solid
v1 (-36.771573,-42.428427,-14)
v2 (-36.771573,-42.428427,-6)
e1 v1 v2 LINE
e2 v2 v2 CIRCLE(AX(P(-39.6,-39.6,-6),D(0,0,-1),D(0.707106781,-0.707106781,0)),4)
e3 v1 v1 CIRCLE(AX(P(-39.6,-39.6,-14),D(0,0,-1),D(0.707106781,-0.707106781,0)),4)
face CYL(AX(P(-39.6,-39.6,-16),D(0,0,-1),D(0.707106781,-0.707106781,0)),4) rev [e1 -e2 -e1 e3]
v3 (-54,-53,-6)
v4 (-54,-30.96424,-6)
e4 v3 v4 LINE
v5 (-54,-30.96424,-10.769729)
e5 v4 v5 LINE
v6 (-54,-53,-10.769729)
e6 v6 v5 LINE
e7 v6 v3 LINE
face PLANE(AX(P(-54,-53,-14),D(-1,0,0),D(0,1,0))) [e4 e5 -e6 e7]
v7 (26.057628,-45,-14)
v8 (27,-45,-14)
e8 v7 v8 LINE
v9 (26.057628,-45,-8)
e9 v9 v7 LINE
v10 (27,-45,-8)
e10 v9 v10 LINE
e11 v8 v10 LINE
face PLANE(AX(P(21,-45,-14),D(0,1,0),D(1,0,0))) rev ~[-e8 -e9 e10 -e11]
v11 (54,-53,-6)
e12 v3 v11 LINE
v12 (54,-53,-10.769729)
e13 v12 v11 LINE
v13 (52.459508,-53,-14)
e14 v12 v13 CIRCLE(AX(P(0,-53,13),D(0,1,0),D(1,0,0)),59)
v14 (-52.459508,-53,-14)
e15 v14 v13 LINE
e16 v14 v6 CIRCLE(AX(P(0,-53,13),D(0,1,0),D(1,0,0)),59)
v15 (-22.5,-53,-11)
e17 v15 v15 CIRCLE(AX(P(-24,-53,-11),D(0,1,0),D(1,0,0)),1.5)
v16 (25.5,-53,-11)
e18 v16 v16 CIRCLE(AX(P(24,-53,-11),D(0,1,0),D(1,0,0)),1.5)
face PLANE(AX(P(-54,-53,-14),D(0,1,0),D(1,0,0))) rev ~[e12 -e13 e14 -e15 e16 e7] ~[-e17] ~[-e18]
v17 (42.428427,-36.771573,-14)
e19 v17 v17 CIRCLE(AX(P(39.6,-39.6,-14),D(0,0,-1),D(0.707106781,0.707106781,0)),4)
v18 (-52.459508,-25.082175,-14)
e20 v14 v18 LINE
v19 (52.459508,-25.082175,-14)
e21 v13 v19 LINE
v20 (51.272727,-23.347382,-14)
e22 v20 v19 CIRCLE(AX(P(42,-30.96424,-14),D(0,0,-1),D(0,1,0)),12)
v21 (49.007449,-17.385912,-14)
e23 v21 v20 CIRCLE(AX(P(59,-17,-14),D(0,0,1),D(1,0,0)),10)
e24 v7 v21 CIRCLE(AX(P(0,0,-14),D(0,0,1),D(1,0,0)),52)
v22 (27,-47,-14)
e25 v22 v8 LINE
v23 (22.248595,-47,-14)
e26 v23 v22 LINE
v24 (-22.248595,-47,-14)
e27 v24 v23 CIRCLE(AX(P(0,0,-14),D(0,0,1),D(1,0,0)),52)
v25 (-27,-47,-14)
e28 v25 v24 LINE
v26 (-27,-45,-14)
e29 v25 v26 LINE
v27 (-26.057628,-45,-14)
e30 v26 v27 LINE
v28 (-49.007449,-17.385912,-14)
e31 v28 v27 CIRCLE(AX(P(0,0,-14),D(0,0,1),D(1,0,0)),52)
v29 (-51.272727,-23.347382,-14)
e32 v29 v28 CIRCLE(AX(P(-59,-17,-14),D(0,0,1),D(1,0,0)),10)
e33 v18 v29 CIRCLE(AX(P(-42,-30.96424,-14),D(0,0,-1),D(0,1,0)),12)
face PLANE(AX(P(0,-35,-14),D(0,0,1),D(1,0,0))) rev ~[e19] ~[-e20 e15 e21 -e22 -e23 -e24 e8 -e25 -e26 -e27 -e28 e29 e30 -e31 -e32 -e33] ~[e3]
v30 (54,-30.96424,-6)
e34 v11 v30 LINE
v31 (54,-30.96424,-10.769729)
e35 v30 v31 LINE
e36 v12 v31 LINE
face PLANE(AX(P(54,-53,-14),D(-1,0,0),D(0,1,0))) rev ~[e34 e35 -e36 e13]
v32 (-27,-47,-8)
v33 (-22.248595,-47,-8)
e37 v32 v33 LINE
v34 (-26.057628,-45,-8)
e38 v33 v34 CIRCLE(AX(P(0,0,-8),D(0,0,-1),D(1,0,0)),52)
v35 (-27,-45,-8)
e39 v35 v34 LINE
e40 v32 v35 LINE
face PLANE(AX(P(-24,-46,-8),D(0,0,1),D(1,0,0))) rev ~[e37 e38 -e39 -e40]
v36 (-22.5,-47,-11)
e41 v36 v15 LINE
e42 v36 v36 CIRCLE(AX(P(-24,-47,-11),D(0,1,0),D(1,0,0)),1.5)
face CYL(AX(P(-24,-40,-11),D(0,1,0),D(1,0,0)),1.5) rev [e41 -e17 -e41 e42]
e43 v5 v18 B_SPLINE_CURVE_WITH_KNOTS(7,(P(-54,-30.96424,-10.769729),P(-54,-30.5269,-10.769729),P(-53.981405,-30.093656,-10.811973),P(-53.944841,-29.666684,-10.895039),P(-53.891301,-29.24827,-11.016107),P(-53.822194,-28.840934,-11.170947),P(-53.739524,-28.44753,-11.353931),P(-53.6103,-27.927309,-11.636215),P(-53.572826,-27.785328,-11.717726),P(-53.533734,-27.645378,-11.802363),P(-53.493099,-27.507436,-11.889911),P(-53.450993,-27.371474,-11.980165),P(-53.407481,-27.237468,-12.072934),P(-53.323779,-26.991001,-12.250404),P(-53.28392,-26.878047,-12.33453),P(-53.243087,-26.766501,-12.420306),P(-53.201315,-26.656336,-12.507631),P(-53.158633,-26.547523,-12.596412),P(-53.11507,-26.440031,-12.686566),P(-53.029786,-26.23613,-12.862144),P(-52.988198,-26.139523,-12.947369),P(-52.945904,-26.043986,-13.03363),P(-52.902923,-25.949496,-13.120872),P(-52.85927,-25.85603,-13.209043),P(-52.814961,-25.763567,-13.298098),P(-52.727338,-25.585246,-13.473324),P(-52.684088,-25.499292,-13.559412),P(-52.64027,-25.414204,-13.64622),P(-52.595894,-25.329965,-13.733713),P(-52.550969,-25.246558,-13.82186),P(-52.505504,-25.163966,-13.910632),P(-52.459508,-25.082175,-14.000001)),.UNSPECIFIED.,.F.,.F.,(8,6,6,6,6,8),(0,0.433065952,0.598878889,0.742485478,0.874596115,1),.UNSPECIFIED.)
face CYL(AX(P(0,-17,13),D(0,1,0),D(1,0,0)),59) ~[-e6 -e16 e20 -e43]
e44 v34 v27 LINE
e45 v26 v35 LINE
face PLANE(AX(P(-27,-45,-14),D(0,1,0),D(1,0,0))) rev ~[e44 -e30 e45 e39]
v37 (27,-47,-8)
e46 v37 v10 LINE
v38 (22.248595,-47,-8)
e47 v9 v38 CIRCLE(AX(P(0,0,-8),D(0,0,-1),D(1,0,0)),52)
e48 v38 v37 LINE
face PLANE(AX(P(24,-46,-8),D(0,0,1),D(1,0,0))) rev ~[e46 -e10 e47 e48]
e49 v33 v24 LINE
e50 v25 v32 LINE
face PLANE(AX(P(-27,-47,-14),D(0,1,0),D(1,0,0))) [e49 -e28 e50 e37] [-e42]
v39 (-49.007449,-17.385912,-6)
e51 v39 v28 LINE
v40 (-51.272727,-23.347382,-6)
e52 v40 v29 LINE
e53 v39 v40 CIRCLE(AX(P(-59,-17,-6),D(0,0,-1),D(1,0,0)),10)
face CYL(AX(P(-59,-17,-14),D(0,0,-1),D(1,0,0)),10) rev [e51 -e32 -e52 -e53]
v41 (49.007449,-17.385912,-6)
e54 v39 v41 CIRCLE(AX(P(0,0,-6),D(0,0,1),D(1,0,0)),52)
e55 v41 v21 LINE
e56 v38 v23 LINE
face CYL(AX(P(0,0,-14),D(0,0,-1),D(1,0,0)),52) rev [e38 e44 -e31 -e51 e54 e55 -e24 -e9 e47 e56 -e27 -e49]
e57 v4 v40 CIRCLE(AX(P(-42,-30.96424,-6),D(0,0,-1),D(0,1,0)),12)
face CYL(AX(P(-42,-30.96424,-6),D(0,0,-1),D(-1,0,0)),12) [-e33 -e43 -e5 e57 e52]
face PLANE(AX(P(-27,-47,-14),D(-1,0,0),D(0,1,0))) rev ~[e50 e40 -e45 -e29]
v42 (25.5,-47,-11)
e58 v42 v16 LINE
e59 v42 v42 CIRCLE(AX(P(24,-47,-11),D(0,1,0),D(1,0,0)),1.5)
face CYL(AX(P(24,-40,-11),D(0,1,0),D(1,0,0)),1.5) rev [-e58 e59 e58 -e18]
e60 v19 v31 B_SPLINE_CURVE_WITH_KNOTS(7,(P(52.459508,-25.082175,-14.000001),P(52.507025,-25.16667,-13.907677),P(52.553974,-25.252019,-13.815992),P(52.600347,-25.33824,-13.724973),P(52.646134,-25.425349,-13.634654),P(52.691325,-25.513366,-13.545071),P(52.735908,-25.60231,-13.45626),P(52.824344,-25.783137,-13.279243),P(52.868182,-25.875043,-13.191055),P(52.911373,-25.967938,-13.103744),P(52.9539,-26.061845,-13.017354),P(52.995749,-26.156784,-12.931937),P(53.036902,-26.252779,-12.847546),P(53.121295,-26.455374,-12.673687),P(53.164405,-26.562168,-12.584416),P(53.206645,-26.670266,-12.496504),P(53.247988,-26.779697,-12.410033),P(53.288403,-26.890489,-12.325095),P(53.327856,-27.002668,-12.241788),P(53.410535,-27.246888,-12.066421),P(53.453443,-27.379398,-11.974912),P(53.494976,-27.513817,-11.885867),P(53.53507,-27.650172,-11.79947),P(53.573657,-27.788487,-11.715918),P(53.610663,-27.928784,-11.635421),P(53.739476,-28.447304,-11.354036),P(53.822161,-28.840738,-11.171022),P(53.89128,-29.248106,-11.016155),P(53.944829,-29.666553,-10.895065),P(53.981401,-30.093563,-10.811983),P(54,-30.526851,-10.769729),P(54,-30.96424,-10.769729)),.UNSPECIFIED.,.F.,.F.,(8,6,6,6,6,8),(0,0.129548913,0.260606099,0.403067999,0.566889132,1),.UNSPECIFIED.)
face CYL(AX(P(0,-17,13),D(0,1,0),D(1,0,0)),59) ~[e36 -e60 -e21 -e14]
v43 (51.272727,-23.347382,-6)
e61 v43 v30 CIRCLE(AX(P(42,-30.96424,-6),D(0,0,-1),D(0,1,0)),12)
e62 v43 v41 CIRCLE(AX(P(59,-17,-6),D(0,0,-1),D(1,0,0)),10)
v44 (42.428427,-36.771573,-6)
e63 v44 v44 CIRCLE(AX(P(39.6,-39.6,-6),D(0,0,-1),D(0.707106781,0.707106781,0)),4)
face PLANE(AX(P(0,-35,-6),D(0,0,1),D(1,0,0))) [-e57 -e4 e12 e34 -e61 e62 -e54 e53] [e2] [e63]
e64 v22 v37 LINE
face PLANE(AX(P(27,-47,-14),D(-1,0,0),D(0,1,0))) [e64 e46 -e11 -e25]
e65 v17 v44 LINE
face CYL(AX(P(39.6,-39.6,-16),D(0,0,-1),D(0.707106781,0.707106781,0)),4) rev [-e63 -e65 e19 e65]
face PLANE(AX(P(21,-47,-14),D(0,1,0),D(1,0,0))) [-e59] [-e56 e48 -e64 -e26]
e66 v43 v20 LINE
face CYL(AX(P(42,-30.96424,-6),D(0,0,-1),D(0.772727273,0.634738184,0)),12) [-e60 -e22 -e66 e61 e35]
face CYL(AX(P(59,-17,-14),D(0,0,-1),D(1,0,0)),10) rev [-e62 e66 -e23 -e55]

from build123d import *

# Parameters (mm, degrees)
CYLINDER1548_R               = 59
CYLINDER1548_DEPTH           = 40
CYLINDER1546_R               = 1.5
CYLINDER1546_DEPTH           = 20
CYLINDER1538_R               = 1.5
CYLINDER1538_DEPTH           = 20
CYLINDER1502_R               = 1.5
CYLINDER1502_DEPTH           = 20
CYLINDER1540_R               = 1.5
CYLINDER1540_DEPTH           = 20
BOX540_W                     = 6
BOX540_H                     = 2
BOX540_DEPTH                 = 6
BOX536_W                     = 6
BOX536_H                     = 2
BOX536_DEPTH                 = 6
BOX535_W                     = 6
BOX535_H                     = 2
BOX535_DEPTH                 = 6
BOX539_W                     = 6
BOX539_H                     = 2
BOX539_DEPTH                 = 6
CYLINDER1512_R               = 4
CYLINDER1512_DEPTH           = 20
CYLINDER1512_PLACEMENT_ANGLE = 45
CYLINDER1539_R               = 4
CYLINDER1539_DEPTH           = 20
CYLINDER1539_PLACEMENT_ANGLE = 45
CYLINDER1510_R               = 10
CYLINDER1510_DEPTH           = 40
CYLINDER1541_R               = 10
CYLINDER1541_DEPTH           = 40
CYLINDER1537_R               = 52
CYLINDER1537_DEPTH           = 8
BOX537_W                     = 108
BOX537_H                     = 36
BOX537_DEPTH                 = 8
FILLET024_R                  = 12


with BuildPart() as v_lec1548:
    # Cylinder1548 → Cylinder1548 (new body)
    with BuildSketch(Plane(origin=(0, -17, 13), x_dir=(1, 0, 0), z_dir=(0, -1, 0))):
        Circle(CYLINDER1548_R)
    extrude(amount=CYLINDER1548_DEPTH)


with BuildPart() as v_lec1546:
    # Cylinder1546 → Cylinder1546 (new body)
    with BuildSketch(Plane(origin=(24, -40, -5), x_dir=(1, 0, 0), z_dir=(0, -1, 0))):
        Circle(CYLINDER1546_R)
    extrude(amount=CYLINDER1546_DEPTH)


with BuildPart() as v_lec1538:
    # Cylinder1538 → Cylinder1538 (new body)
    with BuildSketch(Plane(origin=(51, -40, 7), x_dir=(1, 0, 0), z_dir=(0, -1, 0))):
        Circle(CYLINDER1538_R)
    extrude(amount=CYLINDER1538_DEPTH)


with BuildPart() as v_lec1502:
    # Cylinder1502 → Cylinder1502 (new body)
    with BuildSketch(Plane(origin=(-51, -40, 7), x_dir=(1, 0, 0), z_dir=(0, -1, 0))):
        Circle(CYLINDER1502_R)
    extrude(amount=CYLINDER1502_DEPTH)


with BuildPart() as compound912:
    # Cylinder1540 → Cylinder1540 (new body)
    with BuildSketch(Plane(origin=(-24, -40, -5), x_dir=(1, 0, 0), z_dir=(0, -1, 0))):
        Circle(CYLINDER1540_R)
    extrude(amount=CYLINDER1540_DEPTH)

    # Compound912: union Válec1546, Válec1538, Válec1502
    add(v_lec1546.part)
    add(v_lec1538.part)
    add(v_lec1502.part)


with BuildPart() as krychle540:
    # Box540 → Box540 (new body)
    with BuildSketch(Plane(origin=(21, -47, -8), x_dir=(1, 0, 0), z_dir=(0, 0, 1))):
        with Locations((3, 1)):
            Rectangle(BOX540_W, BOX540_H)
    extrude(amount=BOX540_DEPTH)


with BuildPart() as krychle536:
    # Box536 → Box536 (new body)
    with BuildSketch(Plane(origin=(48, -45, 4), x_dir=(1, 0, 0), z_dir=(0, 0, 1))):
        with Locations((3, 1)):
            Rectangle(BOX536_W, BOX536_H)
    extrude(amount=BOX536_DEPTH)


with BuildPart() as krychle535:
    # Box535 → Box535 (new body)
    with BuildSketch(Plane(origin=(-54, -45, 4), x_dir=(1, 0, 0), z_dir=(0, 0, 1))):
        with Locations((3, 1)):
            Rectangle(BOX535_W, BOX535_H)
    extrude(amount=BOX535_DEPTH)


with BuildPart() as compound916:
    # Box539 → Box539 (new body)
    with BuildSketch(Plane(origin=(-27, -47, -8), x_dir=(1, 0, 0), z_dir=(0, 0, 1))):
        with Locations((3, 1)):
            Rectangle(BOX539_W, BOX539_H)
    extrude(amount=BOX539_DEPTH)

    # Compound916: union Krychle540, Krychle536, Krychle535
    add(krychle540.part)
    add(krychle536.part)
    add(krychle535.part)


with BuildPart() as v_lec1512:
    # Cylinder1512 → Cylinder1512 (new body)
    with BuildSketch(Plane.XY):
        Circle(CYLINDER1512_R)
    extrude(amount=CYLINDER1512_DEPTH)


with BuildPart() as v_lec1512_1:
    # Cylinder1512 placement: moved
    add(v_lec1512.part.moved(Location((39.6, -39.6, -10))).rotate(Axis((39.6, -39.6, -10), (0, 0, 1)), CYLINDER1512_PLACEMENT_ANGLE))


with BuildPart() as compound921:
    # Cylinder1539 → Cylinder1539 (new body)
    with BuildSketch(Plane.XY):
        Circle(CYLINDER1539_R)
    extrude(amount=CYLINDER1539_DEPTH)


with BuildPart() as compound921_1:
    # Cylinder1539 placement: moved
    add(compound921.part.moved(Location((-39.6, -39.6, -10))).rotate(Axis((-39.6, -39.6, -10), (0, 0, -1)), CYLINDER1539_PLACEMENT_ANGLE))

    # Compound921: union Válec1512
    add(v_lec1512_1.part)


with BuildPart() as v_lec1510:
    # Cylinder1510 → Cylinder1510 (new body)
    with BuildSketch(Plane(origin=(-59, -17, 0), x_dir=(1, 0, 0), z_dir=(0, 0, 1))):
        Circle(CYLINDER1510_R)
    extrude(amount=CYLINDER1510_DEPTH)


with BuildPart() as compound919:
    # Cylinder1541 → Cylinder1541 (new body)
    with BuildSketch(Plane(origin=(59, -17, 0), x_dir=(1, 0, 0), z_dir=(0, 0, 1))):
        Circle(CYLINDER1541_R)
    extrude(amount=CYLINDER1541_DEPTH)

    # Compound919: union Válec1510
    add(v_lec1510.part)


with BuildPart() as v_lec1537:
    # Cylinder1537 → Cylinder1537 (new body)
    with BuildSketch(Plane.XY.offset(20)):
        Circle(CYLINDER1537_R)
    extrude(amount=CYLINDER1537_DEPTH)


with BuildPart() as common006:
    # Box537 → Box537 (new body)
    with BuildSketch(Plane(origin=(-54, -53, 20), x_dir=(1, 0, 0), z_dir=(0, 0, 1))):
        with Locations((54, 18)):
            Rectangle(BOX537_W, BOX537_H)
    extrude(amount=BOX537_DEPTH)

    # Cut548: cut Válec1537
    add(v_lec1537.part, mode=Mode.SUBTRACT)


with BuildPart() as common006_1:
    # Cut548 placement: moved
    add(common006.part.moved(Location((0, 0, -20))))

    # Cut544: cut Compound919
    add(compound919.part, mode=Mode.SUBTRACT)


with BuildPart() as common006_2:
    # Cut544 placement: moved
    add(common006_1.part.moved(Location((0, 0, -8))))

    # Cut546: cut Compound921
    add(compound921_1.part, mode=Mode.SUBTRACT)

    # Cut547: cut Compound916
    add(compound916.part, mode=Mode.SUBTRACT)

    # Cut545: cut Compound912
    add(compound912.part, mode=Mode.SUBTRACT)

    # Fillet024
    fillet024_edges = [common006_2.edges().sort_by_distance(p)[0] for p in [
        (-54, -25.660254, -4),
        (54, -25.660254, -4),
    ]]
    fillet(fillet024_edges, radius=FILLET024_R)


with BuildPart() as common006_3:
    # Fillet024 placement: moved
    add(common006_2.part.moved(Location((0, 0, -6))))

    # Common006: intersect Válec1548
    add(v_lec1548.part, mode=Mode.INTERSECT)


solid = common006_3.part
